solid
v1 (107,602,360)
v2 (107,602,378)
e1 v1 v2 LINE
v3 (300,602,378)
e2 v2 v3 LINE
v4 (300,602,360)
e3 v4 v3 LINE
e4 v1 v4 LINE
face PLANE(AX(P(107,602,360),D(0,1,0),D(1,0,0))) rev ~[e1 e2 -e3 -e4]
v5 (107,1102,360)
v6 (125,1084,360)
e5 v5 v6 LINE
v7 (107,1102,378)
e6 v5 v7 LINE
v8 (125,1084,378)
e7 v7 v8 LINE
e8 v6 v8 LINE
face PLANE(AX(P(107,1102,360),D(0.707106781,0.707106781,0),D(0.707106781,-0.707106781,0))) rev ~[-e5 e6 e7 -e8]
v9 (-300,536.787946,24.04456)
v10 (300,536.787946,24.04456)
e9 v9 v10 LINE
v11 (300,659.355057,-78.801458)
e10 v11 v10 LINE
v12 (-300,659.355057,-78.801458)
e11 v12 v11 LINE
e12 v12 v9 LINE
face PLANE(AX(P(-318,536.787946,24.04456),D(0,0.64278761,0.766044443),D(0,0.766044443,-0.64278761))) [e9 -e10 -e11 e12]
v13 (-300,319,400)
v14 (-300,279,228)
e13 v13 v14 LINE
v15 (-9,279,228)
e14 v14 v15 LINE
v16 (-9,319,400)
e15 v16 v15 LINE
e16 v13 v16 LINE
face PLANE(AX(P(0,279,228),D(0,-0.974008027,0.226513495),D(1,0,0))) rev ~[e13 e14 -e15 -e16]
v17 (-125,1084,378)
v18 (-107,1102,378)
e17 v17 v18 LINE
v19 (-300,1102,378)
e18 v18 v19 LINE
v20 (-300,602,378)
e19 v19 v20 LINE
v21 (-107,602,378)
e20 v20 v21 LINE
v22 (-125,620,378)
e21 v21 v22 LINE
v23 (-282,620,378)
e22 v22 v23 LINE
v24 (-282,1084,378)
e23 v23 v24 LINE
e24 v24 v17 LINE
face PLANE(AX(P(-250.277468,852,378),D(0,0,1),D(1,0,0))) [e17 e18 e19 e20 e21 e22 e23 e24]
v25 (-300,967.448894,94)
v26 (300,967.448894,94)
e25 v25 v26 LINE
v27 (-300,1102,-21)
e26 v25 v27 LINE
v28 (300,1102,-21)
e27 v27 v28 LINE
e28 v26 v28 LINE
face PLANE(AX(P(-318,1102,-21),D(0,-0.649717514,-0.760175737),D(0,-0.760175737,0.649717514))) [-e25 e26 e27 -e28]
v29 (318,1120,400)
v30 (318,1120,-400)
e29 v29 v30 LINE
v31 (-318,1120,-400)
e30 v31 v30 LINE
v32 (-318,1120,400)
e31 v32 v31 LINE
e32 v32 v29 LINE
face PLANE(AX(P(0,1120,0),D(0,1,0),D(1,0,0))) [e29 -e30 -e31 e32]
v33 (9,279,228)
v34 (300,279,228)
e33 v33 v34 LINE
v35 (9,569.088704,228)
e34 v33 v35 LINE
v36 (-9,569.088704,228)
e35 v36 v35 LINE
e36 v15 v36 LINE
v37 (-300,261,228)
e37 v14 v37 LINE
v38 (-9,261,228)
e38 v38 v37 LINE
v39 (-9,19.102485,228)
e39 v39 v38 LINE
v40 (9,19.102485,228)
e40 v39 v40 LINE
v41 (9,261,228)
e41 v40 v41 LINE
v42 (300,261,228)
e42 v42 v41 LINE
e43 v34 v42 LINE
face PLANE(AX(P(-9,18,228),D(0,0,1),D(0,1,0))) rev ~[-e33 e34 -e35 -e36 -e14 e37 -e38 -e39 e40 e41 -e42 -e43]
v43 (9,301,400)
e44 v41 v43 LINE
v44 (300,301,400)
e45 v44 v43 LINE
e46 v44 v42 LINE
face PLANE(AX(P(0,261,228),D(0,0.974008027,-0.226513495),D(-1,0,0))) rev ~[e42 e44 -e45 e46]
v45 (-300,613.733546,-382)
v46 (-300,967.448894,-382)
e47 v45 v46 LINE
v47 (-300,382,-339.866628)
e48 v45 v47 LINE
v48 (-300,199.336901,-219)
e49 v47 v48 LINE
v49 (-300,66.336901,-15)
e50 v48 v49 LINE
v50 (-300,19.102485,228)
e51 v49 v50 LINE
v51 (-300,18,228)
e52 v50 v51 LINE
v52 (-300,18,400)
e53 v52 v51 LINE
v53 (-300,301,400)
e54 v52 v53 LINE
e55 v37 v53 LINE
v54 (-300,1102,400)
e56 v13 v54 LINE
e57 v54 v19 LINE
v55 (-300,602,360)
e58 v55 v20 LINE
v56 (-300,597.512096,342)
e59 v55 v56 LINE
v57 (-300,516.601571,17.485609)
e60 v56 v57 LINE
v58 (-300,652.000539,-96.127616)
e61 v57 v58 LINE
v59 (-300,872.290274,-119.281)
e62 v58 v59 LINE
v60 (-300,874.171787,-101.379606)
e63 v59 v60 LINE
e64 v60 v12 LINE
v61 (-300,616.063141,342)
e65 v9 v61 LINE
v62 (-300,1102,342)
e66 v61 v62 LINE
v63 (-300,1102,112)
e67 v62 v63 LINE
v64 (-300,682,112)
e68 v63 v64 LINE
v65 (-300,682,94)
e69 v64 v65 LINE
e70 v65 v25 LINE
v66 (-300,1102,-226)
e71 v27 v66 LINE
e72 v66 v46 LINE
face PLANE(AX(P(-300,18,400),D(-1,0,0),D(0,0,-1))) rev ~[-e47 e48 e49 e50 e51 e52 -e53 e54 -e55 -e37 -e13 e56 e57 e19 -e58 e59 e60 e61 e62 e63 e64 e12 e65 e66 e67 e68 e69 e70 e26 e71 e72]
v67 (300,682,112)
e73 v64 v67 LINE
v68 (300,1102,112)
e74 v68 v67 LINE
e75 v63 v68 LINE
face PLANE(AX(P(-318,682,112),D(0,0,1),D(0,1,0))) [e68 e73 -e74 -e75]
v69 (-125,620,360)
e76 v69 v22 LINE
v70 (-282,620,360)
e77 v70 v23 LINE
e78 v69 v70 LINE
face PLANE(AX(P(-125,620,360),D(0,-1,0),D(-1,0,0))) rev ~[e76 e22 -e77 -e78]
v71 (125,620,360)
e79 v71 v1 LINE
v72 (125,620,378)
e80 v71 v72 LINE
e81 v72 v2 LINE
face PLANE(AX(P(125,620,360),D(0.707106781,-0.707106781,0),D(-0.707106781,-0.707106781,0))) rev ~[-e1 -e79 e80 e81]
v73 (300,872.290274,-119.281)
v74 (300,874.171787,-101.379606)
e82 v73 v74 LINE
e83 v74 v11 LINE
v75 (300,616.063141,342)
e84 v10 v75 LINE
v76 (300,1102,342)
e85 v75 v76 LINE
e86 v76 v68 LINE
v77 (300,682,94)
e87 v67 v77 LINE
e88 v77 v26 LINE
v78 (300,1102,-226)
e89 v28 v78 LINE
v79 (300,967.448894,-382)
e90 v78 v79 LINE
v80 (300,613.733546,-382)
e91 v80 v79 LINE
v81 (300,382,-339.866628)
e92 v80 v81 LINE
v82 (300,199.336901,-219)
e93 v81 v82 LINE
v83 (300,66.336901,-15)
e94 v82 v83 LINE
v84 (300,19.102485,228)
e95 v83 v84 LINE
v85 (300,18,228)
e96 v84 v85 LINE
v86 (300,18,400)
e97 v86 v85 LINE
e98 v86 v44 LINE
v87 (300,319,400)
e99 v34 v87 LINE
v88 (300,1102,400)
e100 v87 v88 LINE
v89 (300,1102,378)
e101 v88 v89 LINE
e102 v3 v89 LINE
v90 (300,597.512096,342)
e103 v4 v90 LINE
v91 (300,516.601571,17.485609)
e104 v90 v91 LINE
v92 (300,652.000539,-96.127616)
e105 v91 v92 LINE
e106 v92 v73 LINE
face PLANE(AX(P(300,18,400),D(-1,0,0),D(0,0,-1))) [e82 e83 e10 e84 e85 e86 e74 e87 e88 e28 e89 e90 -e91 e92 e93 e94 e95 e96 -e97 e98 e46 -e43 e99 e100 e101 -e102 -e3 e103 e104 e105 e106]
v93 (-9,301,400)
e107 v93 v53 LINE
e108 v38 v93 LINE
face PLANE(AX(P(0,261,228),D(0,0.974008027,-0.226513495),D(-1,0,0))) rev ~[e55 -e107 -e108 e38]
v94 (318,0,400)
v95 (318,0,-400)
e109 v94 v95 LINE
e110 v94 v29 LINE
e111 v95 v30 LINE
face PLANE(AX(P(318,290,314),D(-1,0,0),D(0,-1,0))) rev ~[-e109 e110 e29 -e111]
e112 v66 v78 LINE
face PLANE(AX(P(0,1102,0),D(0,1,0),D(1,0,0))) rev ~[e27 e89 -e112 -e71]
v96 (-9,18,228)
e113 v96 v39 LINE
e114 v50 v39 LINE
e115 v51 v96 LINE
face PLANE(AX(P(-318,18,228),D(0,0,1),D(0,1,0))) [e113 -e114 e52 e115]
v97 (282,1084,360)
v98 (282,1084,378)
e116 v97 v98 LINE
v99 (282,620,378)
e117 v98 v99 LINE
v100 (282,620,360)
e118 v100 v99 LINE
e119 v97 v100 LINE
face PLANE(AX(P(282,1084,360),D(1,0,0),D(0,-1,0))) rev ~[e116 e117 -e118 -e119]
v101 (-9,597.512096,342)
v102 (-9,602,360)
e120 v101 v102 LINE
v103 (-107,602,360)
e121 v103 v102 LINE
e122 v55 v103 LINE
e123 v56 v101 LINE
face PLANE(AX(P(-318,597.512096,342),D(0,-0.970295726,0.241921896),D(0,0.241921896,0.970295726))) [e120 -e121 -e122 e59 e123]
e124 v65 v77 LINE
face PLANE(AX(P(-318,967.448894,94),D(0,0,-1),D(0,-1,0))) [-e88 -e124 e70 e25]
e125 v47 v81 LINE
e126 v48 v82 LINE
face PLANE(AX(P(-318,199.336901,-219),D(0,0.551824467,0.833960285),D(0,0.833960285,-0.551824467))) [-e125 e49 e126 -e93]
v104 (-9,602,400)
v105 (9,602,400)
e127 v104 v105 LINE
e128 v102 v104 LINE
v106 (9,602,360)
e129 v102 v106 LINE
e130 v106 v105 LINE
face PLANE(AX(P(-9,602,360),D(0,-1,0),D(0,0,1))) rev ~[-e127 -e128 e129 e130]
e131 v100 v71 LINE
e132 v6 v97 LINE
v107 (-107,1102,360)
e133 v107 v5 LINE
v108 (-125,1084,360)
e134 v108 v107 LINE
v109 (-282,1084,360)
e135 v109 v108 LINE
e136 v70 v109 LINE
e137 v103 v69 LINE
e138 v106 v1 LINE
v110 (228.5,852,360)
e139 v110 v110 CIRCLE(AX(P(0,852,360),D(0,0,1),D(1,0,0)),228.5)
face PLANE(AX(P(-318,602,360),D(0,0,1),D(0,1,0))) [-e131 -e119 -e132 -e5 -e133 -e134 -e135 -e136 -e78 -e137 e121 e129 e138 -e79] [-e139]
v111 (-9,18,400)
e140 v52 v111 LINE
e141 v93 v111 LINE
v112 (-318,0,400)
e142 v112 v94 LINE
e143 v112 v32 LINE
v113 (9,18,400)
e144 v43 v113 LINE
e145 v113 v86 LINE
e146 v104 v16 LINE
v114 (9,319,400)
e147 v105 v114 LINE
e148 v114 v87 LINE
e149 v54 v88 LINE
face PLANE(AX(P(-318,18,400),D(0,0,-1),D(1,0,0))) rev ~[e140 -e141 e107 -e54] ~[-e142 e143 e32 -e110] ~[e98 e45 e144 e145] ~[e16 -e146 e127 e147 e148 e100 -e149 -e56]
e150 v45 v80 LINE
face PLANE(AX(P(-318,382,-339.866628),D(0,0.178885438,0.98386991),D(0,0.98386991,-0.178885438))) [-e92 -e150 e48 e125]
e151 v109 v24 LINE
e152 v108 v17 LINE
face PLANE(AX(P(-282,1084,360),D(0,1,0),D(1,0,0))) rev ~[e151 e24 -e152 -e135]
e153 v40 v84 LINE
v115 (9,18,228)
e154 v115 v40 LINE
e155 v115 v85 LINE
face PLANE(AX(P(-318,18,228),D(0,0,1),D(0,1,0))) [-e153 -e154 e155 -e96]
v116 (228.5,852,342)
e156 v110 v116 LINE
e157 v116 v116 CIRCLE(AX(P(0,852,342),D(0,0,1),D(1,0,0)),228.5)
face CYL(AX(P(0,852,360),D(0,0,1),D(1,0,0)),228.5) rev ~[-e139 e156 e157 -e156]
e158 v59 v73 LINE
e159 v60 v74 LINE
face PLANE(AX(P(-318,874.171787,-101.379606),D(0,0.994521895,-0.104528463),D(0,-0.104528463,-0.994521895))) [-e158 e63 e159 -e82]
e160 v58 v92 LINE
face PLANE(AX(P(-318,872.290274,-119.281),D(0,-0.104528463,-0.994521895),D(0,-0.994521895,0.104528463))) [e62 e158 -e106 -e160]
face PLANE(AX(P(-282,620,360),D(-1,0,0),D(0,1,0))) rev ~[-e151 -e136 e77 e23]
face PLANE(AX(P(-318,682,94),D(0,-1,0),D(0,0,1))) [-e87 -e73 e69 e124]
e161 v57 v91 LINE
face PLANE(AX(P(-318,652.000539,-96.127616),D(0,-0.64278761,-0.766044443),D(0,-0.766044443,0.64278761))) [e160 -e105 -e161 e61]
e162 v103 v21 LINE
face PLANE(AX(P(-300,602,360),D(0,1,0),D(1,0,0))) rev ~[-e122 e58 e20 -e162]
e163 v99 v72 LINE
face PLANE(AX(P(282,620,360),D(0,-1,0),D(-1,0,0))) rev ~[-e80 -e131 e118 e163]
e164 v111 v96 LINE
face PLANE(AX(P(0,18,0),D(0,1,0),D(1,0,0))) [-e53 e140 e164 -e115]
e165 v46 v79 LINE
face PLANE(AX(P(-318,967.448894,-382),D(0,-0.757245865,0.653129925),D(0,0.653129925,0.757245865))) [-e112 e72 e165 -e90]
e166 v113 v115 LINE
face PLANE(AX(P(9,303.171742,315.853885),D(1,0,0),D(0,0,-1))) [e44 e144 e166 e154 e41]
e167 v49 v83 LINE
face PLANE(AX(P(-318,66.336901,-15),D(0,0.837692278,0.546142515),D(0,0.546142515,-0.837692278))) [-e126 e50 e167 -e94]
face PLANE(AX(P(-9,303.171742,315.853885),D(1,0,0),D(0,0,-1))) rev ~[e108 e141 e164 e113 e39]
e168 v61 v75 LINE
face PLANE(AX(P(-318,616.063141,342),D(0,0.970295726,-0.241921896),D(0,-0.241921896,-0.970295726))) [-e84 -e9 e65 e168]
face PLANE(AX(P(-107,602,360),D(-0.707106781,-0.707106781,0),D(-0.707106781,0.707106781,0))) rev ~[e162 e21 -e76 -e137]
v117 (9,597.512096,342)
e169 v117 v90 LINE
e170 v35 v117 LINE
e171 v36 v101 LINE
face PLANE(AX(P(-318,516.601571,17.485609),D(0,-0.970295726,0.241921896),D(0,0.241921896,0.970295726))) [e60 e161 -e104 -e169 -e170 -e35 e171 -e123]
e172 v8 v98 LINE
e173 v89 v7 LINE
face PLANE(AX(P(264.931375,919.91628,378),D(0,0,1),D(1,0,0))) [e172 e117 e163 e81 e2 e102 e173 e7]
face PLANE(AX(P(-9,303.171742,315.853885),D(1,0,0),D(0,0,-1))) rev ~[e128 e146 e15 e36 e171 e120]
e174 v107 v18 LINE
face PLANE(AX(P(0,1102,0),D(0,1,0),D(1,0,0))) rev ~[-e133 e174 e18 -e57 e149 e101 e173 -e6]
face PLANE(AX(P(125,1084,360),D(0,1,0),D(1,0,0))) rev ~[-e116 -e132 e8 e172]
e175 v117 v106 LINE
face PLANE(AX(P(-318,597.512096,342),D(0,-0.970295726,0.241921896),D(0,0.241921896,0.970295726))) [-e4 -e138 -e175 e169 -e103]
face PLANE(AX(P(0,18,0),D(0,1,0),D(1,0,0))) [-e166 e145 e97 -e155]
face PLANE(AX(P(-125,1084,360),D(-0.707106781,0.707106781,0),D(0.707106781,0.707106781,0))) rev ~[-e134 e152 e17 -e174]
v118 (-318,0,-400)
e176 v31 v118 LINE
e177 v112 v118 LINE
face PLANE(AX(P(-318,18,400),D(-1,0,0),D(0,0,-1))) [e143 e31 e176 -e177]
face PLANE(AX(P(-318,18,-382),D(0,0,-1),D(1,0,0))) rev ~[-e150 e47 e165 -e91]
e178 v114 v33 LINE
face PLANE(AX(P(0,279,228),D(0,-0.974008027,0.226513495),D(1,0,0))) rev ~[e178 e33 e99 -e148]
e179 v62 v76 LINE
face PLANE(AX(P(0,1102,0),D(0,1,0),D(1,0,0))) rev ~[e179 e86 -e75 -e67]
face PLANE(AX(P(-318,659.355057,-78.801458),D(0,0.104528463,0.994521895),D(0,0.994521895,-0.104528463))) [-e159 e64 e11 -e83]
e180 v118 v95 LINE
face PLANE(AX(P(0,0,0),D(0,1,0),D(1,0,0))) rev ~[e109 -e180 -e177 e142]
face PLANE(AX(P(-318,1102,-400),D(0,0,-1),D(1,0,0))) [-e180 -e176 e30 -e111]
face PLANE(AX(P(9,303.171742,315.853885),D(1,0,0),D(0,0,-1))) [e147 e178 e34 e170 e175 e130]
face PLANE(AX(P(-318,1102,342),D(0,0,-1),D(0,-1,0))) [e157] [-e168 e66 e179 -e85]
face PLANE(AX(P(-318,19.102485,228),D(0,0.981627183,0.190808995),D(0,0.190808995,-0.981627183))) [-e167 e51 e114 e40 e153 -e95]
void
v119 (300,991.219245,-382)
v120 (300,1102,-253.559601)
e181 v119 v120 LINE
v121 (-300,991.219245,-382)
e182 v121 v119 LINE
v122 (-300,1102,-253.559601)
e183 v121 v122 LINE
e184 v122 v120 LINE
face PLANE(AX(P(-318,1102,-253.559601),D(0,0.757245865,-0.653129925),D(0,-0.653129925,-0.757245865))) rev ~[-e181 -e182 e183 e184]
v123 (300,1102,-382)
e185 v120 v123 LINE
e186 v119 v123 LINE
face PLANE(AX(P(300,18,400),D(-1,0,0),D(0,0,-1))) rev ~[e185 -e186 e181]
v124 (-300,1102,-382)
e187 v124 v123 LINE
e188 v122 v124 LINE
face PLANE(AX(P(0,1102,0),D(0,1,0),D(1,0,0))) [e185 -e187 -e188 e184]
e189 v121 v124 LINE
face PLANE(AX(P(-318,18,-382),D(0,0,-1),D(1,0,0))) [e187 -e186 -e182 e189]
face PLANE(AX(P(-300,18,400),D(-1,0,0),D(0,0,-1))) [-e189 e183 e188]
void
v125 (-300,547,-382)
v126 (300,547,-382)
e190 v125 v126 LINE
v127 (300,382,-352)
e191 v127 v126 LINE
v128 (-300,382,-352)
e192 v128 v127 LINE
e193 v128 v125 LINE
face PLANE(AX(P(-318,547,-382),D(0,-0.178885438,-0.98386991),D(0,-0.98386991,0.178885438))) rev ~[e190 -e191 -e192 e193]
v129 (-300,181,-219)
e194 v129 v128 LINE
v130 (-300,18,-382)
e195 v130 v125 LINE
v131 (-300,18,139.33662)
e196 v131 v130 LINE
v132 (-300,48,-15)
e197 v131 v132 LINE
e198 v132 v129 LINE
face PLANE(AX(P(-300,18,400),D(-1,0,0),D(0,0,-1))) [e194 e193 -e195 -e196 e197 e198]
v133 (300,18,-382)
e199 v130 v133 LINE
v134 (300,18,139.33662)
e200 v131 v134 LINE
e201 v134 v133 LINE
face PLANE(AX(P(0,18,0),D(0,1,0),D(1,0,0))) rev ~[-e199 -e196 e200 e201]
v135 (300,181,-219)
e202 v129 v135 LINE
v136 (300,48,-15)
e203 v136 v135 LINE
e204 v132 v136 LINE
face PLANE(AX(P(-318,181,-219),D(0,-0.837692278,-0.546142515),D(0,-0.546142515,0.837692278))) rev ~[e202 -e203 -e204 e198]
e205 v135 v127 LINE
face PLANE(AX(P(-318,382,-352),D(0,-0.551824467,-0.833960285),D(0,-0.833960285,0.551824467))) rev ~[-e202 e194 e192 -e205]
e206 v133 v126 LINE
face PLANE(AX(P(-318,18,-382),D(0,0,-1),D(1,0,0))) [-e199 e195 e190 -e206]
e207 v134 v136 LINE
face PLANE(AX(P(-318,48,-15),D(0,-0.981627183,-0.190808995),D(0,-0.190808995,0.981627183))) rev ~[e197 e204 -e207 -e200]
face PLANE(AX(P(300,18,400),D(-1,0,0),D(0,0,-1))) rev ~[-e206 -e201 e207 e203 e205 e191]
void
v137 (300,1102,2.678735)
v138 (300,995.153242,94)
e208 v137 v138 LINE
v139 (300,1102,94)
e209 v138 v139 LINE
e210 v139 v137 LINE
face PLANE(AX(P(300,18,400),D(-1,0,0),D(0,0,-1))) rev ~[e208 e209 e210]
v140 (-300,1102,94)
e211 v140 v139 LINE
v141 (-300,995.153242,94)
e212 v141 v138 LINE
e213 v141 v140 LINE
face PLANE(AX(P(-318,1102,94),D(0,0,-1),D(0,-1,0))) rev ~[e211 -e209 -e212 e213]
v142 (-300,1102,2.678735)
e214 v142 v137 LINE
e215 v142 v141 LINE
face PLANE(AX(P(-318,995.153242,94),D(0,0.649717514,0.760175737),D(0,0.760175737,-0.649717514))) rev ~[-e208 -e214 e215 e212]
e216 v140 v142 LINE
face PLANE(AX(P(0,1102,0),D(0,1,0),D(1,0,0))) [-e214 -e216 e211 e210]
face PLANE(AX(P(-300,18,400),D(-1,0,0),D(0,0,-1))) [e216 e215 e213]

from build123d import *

# Parameters (mm, degrees)
SKETCH1_W           = 636
SKETCH1_H           = 800
BOSS_EXTRUDE1_DEPTH = 18
BOSS_EXTRUDE2_DEPTH = 636
SKETCH4_W           = 636
SKETCH4_H           = 18
BOSS_EXTRUDE3_DEPTH = 1084
SKETCH5_W           = 636
SKETCH5_H           = 800
BOSS_EXTRUDE4_DEPTH = 18
BOSS_EXTRUDE6_DEPTH = 18
SKETCH11_W          = 18
SKETCH11_H          = 800
BOSS_EXTRUDE7_DEPTH = 1084
SKETCH13_W          = 636
SKETCH13_H          = 18
SKETCH15_W          = 18
SKETCH15_H          = 800
BOSS_EXTRUDE8_DEPTH = 1084
SKETCH16_R          = 228.5
CUT_EXTRUDE1_DEPTH  = 18.1
SKETCH17_W          = 18
SKETCH17_H          = 18
BOSS_EXTRUDE9_DEPTH = 18


with BuildPart() as part:
    # Sketch1 → Boss-Extrude1 (new body)
    with BuildSketch(Plane(origin=(0, 0, 0), x_dir=(1, 0, 0), z_dir=(0, 1, 0))):
        Rectangle(SKETCH1_W, SKETCH1_H)
    extrude(amount=BOSS_EXTRUDE1_DEPTH)

    # Sketch3 → Boss-Extrude2 (add)
    with BuildSketch(Plane.ZY.offset(318)):
        Polygon((139.336620479, 18), (228, 18), (228, 19.102485389), (-15, 66.336900509), (-219, 199.336900509), (-339.866628021, 382), (-382, 613.733545883), (-382, 547), (-352, 382), (-219, 181), (-15, 48), align=None)
        Polygon((360, 602), (360, 1102), (342, 1102), (342, 616.063141277), (24.044559613, 536.787946332), (-78.801457937, 659.355057231), (-101.379606002, 874.171786631), (-119.281000119, 872.290274292), (-96.127616004, 652.00053947), (4.612607271, 531.943016464), (17.485608625, 516.601570853), (342, 597.512095949), align=None)
        Polygon((112, 682), (112, 1102), (94, 1102), (94, 995.153242294), (2.678735209, 1102), (-21, 1102), (94, 967.448894468), (94, 682), align=None)
        Polygon((-226, 1102), (-253.559600781, 1102), (-382, 991.219245449), (-382, 967.448894468), align=None)
    extrude(amount=-BOSS_EXTRUDE2_DEPTH)


with BuildPart() as boss_extrude2_piece_1:
    # of the separate pieces the step leaves, piece 1, a body of its own (boss_extrude2_pieces)
    add(part.part.solids().sort_by_distance((-318, 0, 400))[0])



with BuildPart() as boss_extrude2_piece_2:
    # of the separate pieces the step leaves, piece 2, a body of its own (boss_extrude2_pieces)
    add(part.part.solids().sort_by_distance((-318, 602, 360))[0])


with BuildPart() as boss_extrude2_piece_3:
    # of the separate pieces the step leaves, piece 3, a body of its own (boss_extrude2_pieces)
    add(part.part.solids().sort_by_distance((-318, 682, 112))[0])


with BuildPart() as boss_extrude2_piece_4:
    # of the separate pieces the step leaves, piece 4, a body of its own (boss_extrude2_pieces)
    add(part.part.solids().sort_by_distance((-318, 1102, -226))[0])


with BuildPart() as boss_extrude2_piece_1_1:
    add(boss_extrude2_piece_1.part)

    add(boss_extrude2_piece_4.part)  # Boss-Extrude3 merges Boss-Extrude2 piece 4
    # Sketch4 → Boss-Extrude3 (add)
    with BuildSketch(Plane(origin=(0, 18, 0), x_dir=(1, 0, 0), z_dir=(0, 1, 0))):
        with Locations((0, 391)):
            Rectangle(SKETCH4_W, SKETCH4_H)
    extrude(amount=BOSS_EXTRUDE3_DEPTH)


    add(boss_extrude2_piece_2.part)  # Boss-Extrude4 merges Boss-Extrude2 piece 2

    add(boss_extrude2_piece_3.part)  # Boss-Extrude4 merges Boss-Extrude2 piece 3
    # Sketch5 → Boss-Extrude4 (add)
    with BuildSketch(Plane(origin=(0, 1102, 0), x_dir=(1, 0, 0), z_dir=(0, 1, 0))):
        Rectangle(SKETCH5_W, SKETCH5_H)
    extrude(amount=BOSS_EXTRUDE4_DEPTH)

    # Sketch10 → Boss-Extrude6 (add)
    with BuildSketch(Plane.ZY.offset(9)):
        Polygon((400, 18), (228, 18), (228, 569.088703625), (360, 602), (400, 602), align=None)
    extrude(amount=-BOSS_EXTRUDE6_DEPTH)

    # Sketch11 → Boss-Extrude7 (add)
    with BuildSketch(Plane(origin=(0, 18, 0), x_dir=(1, 0, 0), z_dir=(0, 1, 0))):
        with Locations((309, 0)):
            Rectangle(SKETCH11_W, SKETCH11_H)
    extrude(amount=BOSS_EXTRUDE7_DEPTH)

    # Sweep1: sweep along a path in Sketch14
    with BuildLine(Plane.ZY.offset(9)) as sweep1_path:
        Line((228, 261), (400, 301))
    # Sketch13 → Sweep1 (sweep)
    with BuildSketch(Plane(origin=(0, 0, 228), x_dir=(-1, 0, 0), z_dir=(0, 0, -1))):
        with Locations((0, 270)):
            Rectangle(SKETCH13_W, SKETCH13_H)
    sweep(path=sweep1_path.line)

    # Sketch15 → Boss-Extrude8 (add)
    with BuildSketch(Plane(origin=(0, 18, 0), x_dir=(1, 0, 0), z_dir=(0, 1, 0))):
        with Locations((-309, 0)):
            Rectangle(SKETCH15_W, SKETCH15_H)
    extrude(amount=BOSS_EXTRUDE8_DEPTH)

    # Sketch16 → Cut-Extrude1 (cut)
    with BuildSketch(Plane.XY.offset(360)):
        with Locations((0, 852)):
            Circle(SKETCH16_R)
    extrude(amount=-CUT_EXTRUDE1_DEPTH, mode=Mode.SUBTRACT)

    # Sketch17 → Boss-Extrude9 (add)
    with BuildSketch(Plane.XY.offset(360)):
        Polygon((300, 1102), (107, 1102), (125, 1084), (282, 1084), (282, 620), (300, 620), align=None)
        Polygon((-282, 620), (-282, 1084), (-125, 1084), (-107, 1102), (-300, 1102), (-300, 1084), (-300, 602), (-107, 602), (-125, 620), align=None)
        with Locations((291, 611)):
            Rectangle(SKETCH17_W, SKETCH17_H)
        Polygon((282, 602), (282, 620), (125, 620), (107, 602), align=None)
    extrude(amount=BOSS_EXTRUDE9_DEPTH)


solid = boss_extrude2_piece_1_1.part
